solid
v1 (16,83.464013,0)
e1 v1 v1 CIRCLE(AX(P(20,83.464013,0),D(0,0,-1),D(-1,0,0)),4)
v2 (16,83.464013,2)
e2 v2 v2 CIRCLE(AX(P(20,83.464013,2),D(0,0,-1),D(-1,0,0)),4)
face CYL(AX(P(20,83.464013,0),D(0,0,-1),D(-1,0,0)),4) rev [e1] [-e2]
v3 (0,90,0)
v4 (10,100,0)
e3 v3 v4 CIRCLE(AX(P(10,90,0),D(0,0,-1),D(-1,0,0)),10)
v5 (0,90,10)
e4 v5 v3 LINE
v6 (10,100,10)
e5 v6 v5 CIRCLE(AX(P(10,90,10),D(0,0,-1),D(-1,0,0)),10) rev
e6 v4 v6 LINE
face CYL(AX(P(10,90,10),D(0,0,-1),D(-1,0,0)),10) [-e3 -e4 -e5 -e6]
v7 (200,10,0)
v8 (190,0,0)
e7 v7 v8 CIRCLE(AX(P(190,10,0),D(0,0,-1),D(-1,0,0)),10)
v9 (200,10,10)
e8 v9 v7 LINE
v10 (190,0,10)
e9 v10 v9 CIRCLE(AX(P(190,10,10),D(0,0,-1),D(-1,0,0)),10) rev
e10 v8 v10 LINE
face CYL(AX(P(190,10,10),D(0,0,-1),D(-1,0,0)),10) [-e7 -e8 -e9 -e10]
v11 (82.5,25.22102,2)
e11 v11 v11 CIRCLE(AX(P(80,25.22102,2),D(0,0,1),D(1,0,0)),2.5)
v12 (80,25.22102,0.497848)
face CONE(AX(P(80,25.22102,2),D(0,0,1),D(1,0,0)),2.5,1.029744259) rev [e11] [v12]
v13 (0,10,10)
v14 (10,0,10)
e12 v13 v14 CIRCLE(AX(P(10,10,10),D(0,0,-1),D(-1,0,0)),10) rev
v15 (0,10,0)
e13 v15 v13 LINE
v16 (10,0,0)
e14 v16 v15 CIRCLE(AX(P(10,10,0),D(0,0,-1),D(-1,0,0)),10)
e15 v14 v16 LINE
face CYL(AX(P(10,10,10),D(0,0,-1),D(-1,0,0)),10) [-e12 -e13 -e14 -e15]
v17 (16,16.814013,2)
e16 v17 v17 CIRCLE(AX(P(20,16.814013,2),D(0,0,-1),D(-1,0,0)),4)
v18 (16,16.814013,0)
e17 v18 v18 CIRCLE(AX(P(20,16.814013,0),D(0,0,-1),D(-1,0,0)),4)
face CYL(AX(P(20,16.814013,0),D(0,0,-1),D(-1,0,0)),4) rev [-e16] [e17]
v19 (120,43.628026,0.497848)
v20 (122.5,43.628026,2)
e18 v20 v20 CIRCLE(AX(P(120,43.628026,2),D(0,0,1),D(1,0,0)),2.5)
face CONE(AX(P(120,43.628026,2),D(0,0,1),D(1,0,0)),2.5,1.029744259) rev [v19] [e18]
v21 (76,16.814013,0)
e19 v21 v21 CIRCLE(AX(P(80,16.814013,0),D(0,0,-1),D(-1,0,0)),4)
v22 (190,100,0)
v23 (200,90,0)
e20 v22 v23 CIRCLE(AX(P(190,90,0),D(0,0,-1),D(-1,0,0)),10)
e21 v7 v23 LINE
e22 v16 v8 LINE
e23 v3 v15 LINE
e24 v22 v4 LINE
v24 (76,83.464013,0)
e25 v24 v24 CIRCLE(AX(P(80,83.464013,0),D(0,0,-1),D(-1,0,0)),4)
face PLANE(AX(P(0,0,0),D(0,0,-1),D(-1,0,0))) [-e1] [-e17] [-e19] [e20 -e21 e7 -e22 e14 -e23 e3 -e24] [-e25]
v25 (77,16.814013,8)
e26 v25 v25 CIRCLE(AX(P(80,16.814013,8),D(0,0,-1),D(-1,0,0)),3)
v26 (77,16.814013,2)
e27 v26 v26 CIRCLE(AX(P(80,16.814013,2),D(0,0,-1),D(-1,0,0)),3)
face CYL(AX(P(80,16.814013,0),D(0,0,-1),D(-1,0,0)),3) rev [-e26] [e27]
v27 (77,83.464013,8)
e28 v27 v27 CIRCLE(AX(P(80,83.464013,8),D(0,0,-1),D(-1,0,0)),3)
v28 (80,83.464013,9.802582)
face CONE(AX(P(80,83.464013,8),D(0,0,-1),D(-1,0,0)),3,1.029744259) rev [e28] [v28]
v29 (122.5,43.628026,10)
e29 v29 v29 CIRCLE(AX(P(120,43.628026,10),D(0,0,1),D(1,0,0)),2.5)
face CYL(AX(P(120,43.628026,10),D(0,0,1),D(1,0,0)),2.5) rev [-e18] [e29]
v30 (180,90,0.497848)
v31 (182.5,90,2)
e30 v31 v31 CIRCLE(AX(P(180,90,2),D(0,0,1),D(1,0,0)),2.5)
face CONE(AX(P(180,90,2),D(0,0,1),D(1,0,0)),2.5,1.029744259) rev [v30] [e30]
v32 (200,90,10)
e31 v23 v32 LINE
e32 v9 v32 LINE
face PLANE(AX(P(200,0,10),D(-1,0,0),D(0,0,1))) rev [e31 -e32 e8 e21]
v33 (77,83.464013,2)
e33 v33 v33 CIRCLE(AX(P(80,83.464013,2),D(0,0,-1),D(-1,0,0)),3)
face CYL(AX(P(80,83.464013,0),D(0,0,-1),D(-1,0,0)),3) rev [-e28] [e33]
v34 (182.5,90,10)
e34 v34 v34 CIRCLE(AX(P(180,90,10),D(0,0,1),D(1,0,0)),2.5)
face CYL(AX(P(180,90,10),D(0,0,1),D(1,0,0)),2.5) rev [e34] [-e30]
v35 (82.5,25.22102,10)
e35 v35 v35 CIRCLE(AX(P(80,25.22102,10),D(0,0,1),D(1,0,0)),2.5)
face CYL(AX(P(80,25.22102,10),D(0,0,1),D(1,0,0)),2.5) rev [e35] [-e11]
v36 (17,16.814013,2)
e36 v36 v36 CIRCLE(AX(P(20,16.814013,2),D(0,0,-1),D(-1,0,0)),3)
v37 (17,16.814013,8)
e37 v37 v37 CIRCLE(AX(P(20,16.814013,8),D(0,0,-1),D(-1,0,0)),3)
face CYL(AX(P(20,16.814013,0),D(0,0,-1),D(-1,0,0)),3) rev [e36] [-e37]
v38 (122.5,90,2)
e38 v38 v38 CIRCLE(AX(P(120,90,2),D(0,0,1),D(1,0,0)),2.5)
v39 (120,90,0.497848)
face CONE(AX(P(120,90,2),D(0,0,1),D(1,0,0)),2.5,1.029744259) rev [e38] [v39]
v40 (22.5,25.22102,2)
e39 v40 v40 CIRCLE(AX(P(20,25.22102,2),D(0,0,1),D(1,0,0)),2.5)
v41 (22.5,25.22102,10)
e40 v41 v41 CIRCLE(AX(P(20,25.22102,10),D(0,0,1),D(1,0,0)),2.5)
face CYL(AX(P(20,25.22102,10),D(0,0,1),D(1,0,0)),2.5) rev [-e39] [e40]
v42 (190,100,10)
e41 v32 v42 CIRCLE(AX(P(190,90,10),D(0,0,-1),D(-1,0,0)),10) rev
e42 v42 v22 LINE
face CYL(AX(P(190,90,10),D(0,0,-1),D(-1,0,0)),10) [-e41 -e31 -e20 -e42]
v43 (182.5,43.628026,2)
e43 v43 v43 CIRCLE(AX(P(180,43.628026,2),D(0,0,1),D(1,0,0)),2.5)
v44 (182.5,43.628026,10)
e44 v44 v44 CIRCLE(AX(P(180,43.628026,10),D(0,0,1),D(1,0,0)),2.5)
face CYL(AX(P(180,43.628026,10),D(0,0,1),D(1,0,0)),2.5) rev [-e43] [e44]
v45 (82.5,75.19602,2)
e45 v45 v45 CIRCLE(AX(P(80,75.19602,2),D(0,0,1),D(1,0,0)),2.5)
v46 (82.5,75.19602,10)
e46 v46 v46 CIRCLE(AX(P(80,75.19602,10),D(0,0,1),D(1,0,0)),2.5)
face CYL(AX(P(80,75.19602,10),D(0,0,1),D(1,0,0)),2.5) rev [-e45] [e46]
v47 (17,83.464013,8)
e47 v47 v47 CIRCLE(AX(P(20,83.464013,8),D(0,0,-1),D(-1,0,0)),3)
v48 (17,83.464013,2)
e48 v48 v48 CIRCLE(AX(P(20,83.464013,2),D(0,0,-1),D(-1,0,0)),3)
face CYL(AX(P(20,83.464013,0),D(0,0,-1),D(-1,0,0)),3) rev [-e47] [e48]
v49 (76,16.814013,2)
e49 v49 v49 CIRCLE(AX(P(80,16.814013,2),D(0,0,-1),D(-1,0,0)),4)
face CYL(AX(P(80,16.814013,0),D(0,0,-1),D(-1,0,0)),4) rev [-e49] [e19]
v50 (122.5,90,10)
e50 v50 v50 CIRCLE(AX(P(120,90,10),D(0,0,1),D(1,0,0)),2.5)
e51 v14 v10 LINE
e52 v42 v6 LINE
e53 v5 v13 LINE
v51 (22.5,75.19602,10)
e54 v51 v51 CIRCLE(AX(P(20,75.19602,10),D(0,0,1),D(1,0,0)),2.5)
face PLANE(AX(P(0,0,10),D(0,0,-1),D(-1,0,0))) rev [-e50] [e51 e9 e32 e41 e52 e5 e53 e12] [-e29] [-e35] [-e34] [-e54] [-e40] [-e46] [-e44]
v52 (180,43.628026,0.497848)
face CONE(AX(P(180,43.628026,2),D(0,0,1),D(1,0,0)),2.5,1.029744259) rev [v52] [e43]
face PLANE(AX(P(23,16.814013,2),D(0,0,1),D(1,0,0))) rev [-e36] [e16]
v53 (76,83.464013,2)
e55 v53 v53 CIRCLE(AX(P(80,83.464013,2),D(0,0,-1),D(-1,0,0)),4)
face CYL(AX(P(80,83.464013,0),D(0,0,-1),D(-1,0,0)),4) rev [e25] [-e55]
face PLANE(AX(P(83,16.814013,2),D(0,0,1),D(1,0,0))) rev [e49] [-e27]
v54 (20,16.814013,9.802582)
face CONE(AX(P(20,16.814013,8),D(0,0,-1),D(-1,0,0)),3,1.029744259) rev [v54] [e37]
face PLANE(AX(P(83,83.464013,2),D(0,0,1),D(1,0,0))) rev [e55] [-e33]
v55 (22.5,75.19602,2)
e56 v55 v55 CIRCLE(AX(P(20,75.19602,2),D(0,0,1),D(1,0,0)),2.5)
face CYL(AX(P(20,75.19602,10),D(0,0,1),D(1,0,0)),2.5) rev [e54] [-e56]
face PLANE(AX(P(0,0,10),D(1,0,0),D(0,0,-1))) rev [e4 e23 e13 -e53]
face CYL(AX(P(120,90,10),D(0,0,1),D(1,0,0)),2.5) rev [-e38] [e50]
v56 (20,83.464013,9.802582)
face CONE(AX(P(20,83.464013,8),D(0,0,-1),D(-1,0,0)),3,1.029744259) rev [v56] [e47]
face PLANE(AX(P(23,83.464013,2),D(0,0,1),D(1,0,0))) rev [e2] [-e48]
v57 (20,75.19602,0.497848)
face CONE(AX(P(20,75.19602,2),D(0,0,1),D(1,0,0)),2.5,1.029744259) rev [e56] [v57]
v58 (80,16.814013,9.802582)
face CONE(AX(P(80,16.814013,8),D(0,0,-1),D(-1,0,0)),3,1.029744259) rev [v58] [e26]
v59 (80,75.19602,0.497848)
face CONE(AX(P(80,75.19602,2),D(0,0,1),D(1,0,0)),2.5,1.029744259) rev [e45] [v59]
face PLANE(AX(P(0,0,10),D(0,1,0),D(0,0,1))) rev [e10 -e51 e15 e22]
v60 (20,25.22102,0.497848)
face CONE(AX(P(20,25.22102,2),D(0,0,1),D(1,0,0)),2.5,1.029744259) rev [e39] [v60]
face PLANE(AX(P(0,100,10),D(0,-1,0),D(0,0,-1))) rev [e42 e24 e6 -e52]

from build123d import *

# Parameters (mm, degrees)
SKETCH4_W                                     = 200
SKETCH4_H                                     = 100
BOSS_EXTRUDE1_DEPTH                           = 10
CBORE_FOR_M6_HEX_HEAD_CAP_SCREW7_D            = 6
CBORE_FOR_M6_HEX_HEAD_CAP_SCREW7_DEPTH        = 8
CBORE_FOR_M6_HEX_HEAD_CAP_SCREW7_CBORE_D      = 8
CBORE_FOR_M6_HEX_HEAD_CAP_SCREW7_CBORE_DEPTH  = 2
CBORE_FOR_M6_HEX_HEAD_CAP_SCREW7_TIP          = 1.802581857
CBORE_FOR_M6_HEX_HEAD_CAP_SCREW8_D            = 6
CBORE_FOR_M6_HEX_HEAD_CAP_SCREW8_DEPTH        = 8
CBORE_FOR_M6_HEX_HEAD_CAP_SCREW8_CBORE_D      = 8
CBORE_FOR_M6_HEX_HEAD_CAP_SCREW8_CBORE_DEPTH  = 2
CBORE_FOR_M6_HEX_HEAD_CAP_SCREW8_TIP          = 1.802581857
CBORE_FOR_M6_HEX_HEAD_CAP_SCREW9_D            = 6
CBORE_FOR_M6_HEX_HEAD_CAP_SCREW9_DEPTH        = 8
CBORE_FOR_M6_HEX_HEAD_CAP_SCREW9_CBORE_D      = 8
CBORE_FOR_M6_HEX_HEAD_CAP_SCREW9_CBORE_DEPTH  = 2
CBORE_FOR_M6_HEX_HEAD_CAP_SCREW9_TIP          = 1.802581857
CBORE_FOR_M6_HEX_HEAD_CAP_SCREW10_D           = 6
CBORE_FOR_M6_HEX_HEAD_CAP_SCREW10_DEPTH       = 8
CBORE_FOR_M6_HEX_HEAD_CAP_SCREW10_CBORE_D     = 8
CBORE_FOR_M6_HEX_HEAD_CAP_SCREW10_CBORE_DEPTH = 2
CBORE_FOR_M6_HEX_HEAD_CAP_SCREW10_TIP         = 1.802581857
F_1_0_1_DIAMETER_HOLE7_D                      = 5
F_1_0_1_DIAMETER_HOLE7_DEPTH                  = 8
F_1_0_1_DIAMETER_HOLE7_TIP                    = 1.502151548
F_1_0_1_DIAMETER_HOLE8_D                      = 5
F_1_0_1_DIAMETER_HOLE8_DEPTH                  = 8
F_1_0_1_DIAMETER_HOLE8_TIP                    = 1.502151548
F_1_0_1_DIAMETER_HOLE9_D                      = 5
F_1_0_1_DIAMETER_HOLE9_DEPTH                  = 8
F_1_0_1_DIAMETER_HOLE9_TIP                    = 1.502151548
F_1_0_1_DIAMETER_HOLE10_D                     = 5
F_1_0_1_DIAMETER_HOLE10_DEPTH                 = 8
F_1_0_1_DIAMETER_HOLE10_TIP                   = 1.502151548
F_5_0_5_DIAMETER_HOLE1_D                      = 5
F_5_0_5_DIAMETER_HOLE1_DEPTH                  = 8
F_5_0_5_DIAMETER_HOLE1_TIP                    = 1.502151548
F_5_0_5_DIAMETER_HOLE2_D                      = 5
F_5_0_5_DIAMETER_HOLE2_DEPTH                  = 8
F_5_0_5_DIAMETER_HOLE2_TIP                    = 1.502151548
F_5_0_5_DIAMETER_HOLE3_D                      = 5
F_5_0_5_DIAMETER_HOLE3_DEPTH                  = 8
F_5_0_5_DIAMETER_HOLE3_TIP                    = 1.502151548
F_5_0_5_DIAMETER_HOLE5_D                      = 5
F_5_0_5_DIAMETER_HOLE5_DEPTH                  = 8
F_5_0_5_DIAMETER_HOLE5_TIP                    = 1.502151548
FILLET1_R                                     = 10
FILLET2_R                                     = 10
FILLET3_R                                     = 10
FILLET4_R                                     = 10
CBORE_FOR_M6_HEX_HEAD_CAP_SCREW3_D            = 6
CBORE_FOR_M6_HEX_HEAD_CAP_SCREW3_DEPTH        = 8
CBORE_FOR_M6_HEX_HEAD_CAP_SCREW3_CBORE_D      = 8
CBORE_FOR_M6_HEX_HEAD_CAP_SCREW3_CBORE_DEPTH  = 2
CBORE_FOR_M6_HEX_HEAD_CAP_SCREW3_TIP          = 1.802581857
CBORE_FOR_M6_HEX_HEAD_CAP_SCREW4_D            = 6
CBORE_FOR_M6_HEX_HEAD_CAP_SCREW4_DEPTH        = 8
CBORE_FOR_M6_HEX_HEAD_CAP_SCREW4_CBORE_D      = 8
CBORE_FOR_M6_HEX_HEAD_CAP_SCREW4_CBORE_DEPTH  = 2
CBORE_FOR_M6_HEX_HEAD_CAP_SCREW4_TIP          = 1.802581857
CBORE_FOR_M6_HEX_HEAD_CAP_SCREW6_D            = 6
CBORE_FOR_M6_HEX_HEAD_CAP_SCREW6_DEPTH        = 8
CBORE_FOR_M6_HEX_HEAD_CAP_SCREW6_CBORE_D      = 8
CBORE_FOR_M6_HEX_HEAD_CAP_SCREW6_CBORE_DEPTH  = 2
CBORE_FOR_M6_HEX_HEAD_CAP_SCREW6_TIP          = 1.802581857


with BuildPart() as part:
    # Sketch4 → Boss-Extrude1 (new body)
    with BuildSketch(Plane.XY):
        with Locations((100, 50)):
            Rectangle(SKETCH4_W, SKETCH4_H)
    extrude(amount=BOSS_EXTRUDE1_DEPTH)

    # CBORE for M6 Hex Head Cap Screw7
    with Locations(Plane(origin=(0, 0, 0), x_dir=(-1, 0, 0), z_dir=(0, 0, -1))):
        with Locations((-80, 83.464013217)):
            CounterBoreHole(CBORE_FOR_M6_HEX_HEAD_CAP_SCREW7_D / 2, CBORE_FOR_M6_HEX_HEAD_CAP_SCREW7_CBORE_D / 2, CBORE_FOR_M6_HEX_HEAD_CAP_SCREW7_CBORE_DEPTH, depth=CBORE_FOR_M6_HEX_HEAD_CAP_SCREW7_DEPTH)
            with Locations((0, 0, -(CBORE_FOR_M6_HEX_HEAD_CAP_SCREW7_DEPTH + CBORE_FOR_M6_HEX_HEAD_CAP_SCREW7_TIP / 2))):  # 118° drill point
                Cone(0, CBORE_FOR_M6_HEX_HEAD_CAP_SCREW7_D / 2, CBORE_FOR_M6_HEX_HEAD_CAP_SCREW7_TIP, mode=Mode.SUBTRACT)

    # CBORE for M6 Hex Head Cap Screw8
    with Locations(Plane(origin=(0, 0, 0), x_dir=(-1, 0, 0), z_dir=(0, 0, -1))):
        with Locations((-20, 83.464013217)):
            CounterBoreHole(CBORE_FOR_M6_HEX_HEAD_CAP_SCREW8_D / 2, CBORE_FOR_M6_HEX_HEAD_CAP_SCREW8_CBORE_D / 2, CBORE_FOR_M6_HEX_HEAD_CAP_SCREW8_CBORE_DEPTH, depth=CBORE_FOR_M6_HEX_HEAD_CAP_SCREW8_DEPTH)
            with Locations((0, 0, -(CBORE_FOR_M6_HEX_HEAD_CAP_SCREW8_DEPTH + CBORE_FOR_M6_HEX_HEAD_CAP_SCREW8_TIP / 2))):  # 118° drill point
                Cone(0, CBORE_FOR_M6_HEX_HEAD_CAP_SCREW8_D / 2, CBORE_FOR_M6_HEX_HEAD_CAP_SCREW8_TIP, mode=Mode.SUBTRACT)

    # CBORE for M6 Hex Head Cap Screw9
    with Locations(Plane(origin=(0, 0, 0), x_dir=(-1, 0, 0), z_dir=(0, 0, -1))):
        with Locations((-20, 16.814013217)):
            CounterBoreHole(CBORE_FOR_M6_HEX_HEAD_CAP_SCREW9_D / 2, CBORE_FOR_M6_HEX_HEAD_CAP_SCREW9_CBORE_D / 2, CBORE_FOR_M6_HEX_HEAD_CAP_SCREW9_CBORE_DEPTH, depth=CBORE_FOR_M6_HEX_HEAD_CAP_SCREW9_DEPTH)
            with Locations((0, 0, -(CBORE_FOR_M6_HEX_HEAD_CAP_SCREW9_DEPTH + CBORE_FOR_M6_HEX_HEAD_CAP_SCREW9_TIP / 2))):  # 118° drill point
                Cone(0, CBORE_FOR_M6_HEX_HEAD_CAP_SCREW9_D / 2, CBORE_FOR_M6_HEX_HEAD_CAP_SCREW9_TIP, mode=Mode.SUBTRACT)

    # CBORE for M6 Hex Head Cap Screw10
    with Locations(Plane(origin=(0, 0, 0), x_dir=(-1, 0, 0), z_dir=(0, 0, -1))):
        with Locations((-80, 16.814013217)):
            CounterBoreHole(CBORE_FOR_M6_HEX_HEAD_CAP_SCREW10_D / 2, CBORE_FOR_M6_HEX_HEAD_CAP_SCREW10_CBORE_D / 2, CBORE_FOR_M6_HEX_HEAD_CAP_SCREW10_CBORE_DEPTH, depth=CBORE_FOR_M6_HEX_HEAD_CAP_SCREW10_DEPTH)
            with Locations((0, 0, -(CBORE_FOR_M6_HEX_HEAD_CAP_SCREW10_DEPTH + CBORE_FOR_M6_HEX_HEAD_CAP_SCREW10_TIP / 2))):  # 118° drill point
                Cone(0, CBORE_FOR_M6_HEX_HEAD_CAP_SCREW10_D / 2, CBORE_FOR_M6_HEX_HEAD_CAP_SCREW10_TIP, mode=Mode.SUBTRACT)

    # Ø1.0 (1) Diameter Hole7
    with Locations(Plane.XY.offset(10)):
        with Locations((20, 75.196019825)):
            Hole(F_1_0_1_DIAMETER_HOLE7_D / 2, depth=F_1_0_1_DIAMETER_HOLE7_DEPTH)
            with Locations((0, 0, -(F_1_0_1_DIAMETER_HOLE7_DEPTH + F_1_0_1_DIAMETER_HOLE7_TIP / 2))):  # 118° drill point
                Cone(0, F_1_0_1_DIAMETER_HOLE7_D / 2, F_1_0_1_DIAMETER_HOLE7_TIP, mode=Mode.SUBTRACT)

    # Ø1.0 (1) Diameter Hole8
    with Locations(Plane.XY.offset(10)):
        with Locations((80, 75.196019825)):
            Hole(F_1_0_1_DIAMETER_HOLE8_D / 2, depth=F_1_0_1_DIAMETER_HOLE8_DEPTH)
            with Locations((0, 0, -(F_1_0_1_DIAMETER_HOLE8_DEPTH + F_1_0_1_DIAMETER_HOLE8_TIP / 2))):  # 118° drill point
                Cone(0, F_1_0_1_DIAMETER_HOLE8_D / 2, F_1_0_1_DIAMETER_HOLE8_TIP, mode=Mode.SUBTRACT)

    # Ø1.0 (1) Diameter Hole9
    with Locations(Plane.XY.offset(10)):
        with Locations((20, 25.221019825)):
            Hole(F_1_0_1_DIAMETER_HOLE9_D / 2, depth=F_1_0_1_DIAMETER_HOLE9_DEPTH)
            with Locations((0, 0, -(F_1_0_1_DIAMETER_HOLE9_DEPTH + F_1_0_1_DIAMETER_HOLE9_TIP / 2))):  # 118° drill point
                Cone(0, F_1_0_1_DIAMETER_HOLE9_D / 2, F_1_0_1_DIAMETER_HOLE9_TIP, mode=Mode.SUBTRACT)

    # Ø1.0 (1) Diameter Hole10
    with Locations(Plane.XY.offset(10)):
        with Locations((80, 25.221019825)):
            Hole(F_1_0_1_DIAMETER_HOLE10_D / 2, depth=F_1_0_1_DIAMETER_HOLE10_DEPTH)
            with Locations((0, 0, -(F_1_0_1_DIAMETER_HOLE10_DEPTH + F_1_0_1_DIAMETER_HOLE10_TIP / 2))):  # 118° drill point
                Cone(0, F_1_0_1_DIAMETER_HOLE10_D / 2, F_1_0_1_DIAMETER_HOLE10_TIP, mode=Mode.SUBTRACT)

    # Ø5.0 (5) Diameter Hole1
    with Locations(Plane.XY.offset(10)):
        with Locations((120, 90)):
            Hole(F_5_0_5_DIAMETER_HOLE1_D / 2, depth=F_5_0_5_DIAMETER_HOLE1_DEPTH)
            with Locations((0, 0, -(F_5_0_5_DIAMETER_HOLE1_DEPTH + F_5_0_5_DIAMETER_HOLE1_TIP / 2))):  # 118° drill point
                Cone(0, F_5_0_5_DIAMETER_HOLE1_D / 2, F_5_0_5_DIAMETER_HOLE1_TIP, mode=Mode.SUBTRACT)

    # Ø5.0 (5) Diameter Hole2
    with Locations(Plane.XY.offset(10)):
        with Locations((180, 90)):
            Hole(F_5_0_5_DIAMETER_HOLE2_D / 2, depth=F_5_0_5_DIAMETER_HOLE2_DEPTH)
            with Locations((0, 0, -(F_5_0_5_DIAMETER_HOLE2_DEPTH + F_5_0_5_DIAMETER_HOLE2_TIP / 2))):  # 118° drill point
                Cone(0, F_5_0_5_DIAMETER_HOLE2_D / 2, F_5_0_5_DIAMETER_HOLE2_TIP, mode=Mode.SUBTRACT)

    # Ø5.0 (5) Diameter Hole3
    with Locations(Plane.XY.offset(10)):
        with Locations((120, 43.628026433)):
            Hole(F_5_0_5_DIAMETER_HOLE3_D / 2, depth=F_5_0_5_DIAMETER_HOLE3_DEPTH)
            with Locations((0, 0, -(F_5_0_5_DIAMETER_HOLE3_DEPTH + F_5_0_5_DIAMETER_HOLE3_TIP / 2))):  # 118° drill point
                Cone(0, F_5_0_5_DIAMETER_HOLE3_D / 2, F_5_0_5_DIAMETER_HOLE3_TIP, mode=Mode.SUBTRACT)

    # Ø5.0 (5) Diameter Hole5
    with Locations(Plane.XY.offset(10)):
        with Locations((180, 43.628026433)):
            Hole(F_5_0_5_DIAMETER_HOLE5_D / 2, depth=F_5_0_5_DIAMETER_HOLE5_DEPTH)
            with Locations((0, 0, -(F_5_0_5_DIAMETER_HOLE5_DEPTH + F_5_0_5_DIAMETER_HOLE5_TIP / 2))):  # 118° drill point
                Cone(0, F_5_0_5_DIAMETER_HOLE5_D / 2, F_5_0_5_DIAMETER_HOLE5_TIP, mode=Mode.SUBTRACT)

    # Fillet1
    fillet1_edges = [part.edges().sort_by_distance(p)[0] for p in [
        (0, 100, 5),
    ]]
    fillet(fillet1_edges, radius=FILLET1_R)

    # Fillet2
    fillet2_edges = [part.edges().sort_by_distance(p)[0] for p in [
        (0, 0, 5),
    ]]
    fillet(fillet2_edges, radius=FILLET2_R)

    # Fillet3
    fillet3_edges = [part.edges().sort_by_distance(p)[0] for p in [
        (200, 0, 5),
    ]]
    fillet(fillet3_edges, radius=FILLET3_R)

    # Fillet4
    fillet4_edges = [part.edges().sort_by_distance(p)[0] for p in [
        (200, 100, 5),
    ]]
    fillet(fillet4_edges, radius=FILLET4_R)

    # CBORE for M6 Hex Head Cap Screw3
    with Locations(Plane(origin=(0, 0, 0), x_dir=(-1, 0, 0), z_dir=(0, 0, -1))):
        with Locations((-80, 16.814013217)):
            CounterBoreHole(CBORE_FOR_M6_HEX_HEAD_CAP_SCREW3_D / 2, CBORE_FOR_M6_HEX_HEAD_CAP_SCREW3_CBORE_D / 2, CBORE_FOR_M6_HEX_HEAD_CAP_SCREW3_CBORE_DEPTH, depth=CBORE_FOR_M6_HEX_HEAD_CAP_SCREW3_DEPTH)
            with Locations((0, 0, -(CBORE_FOR_M6_HEX_HEAD_CAP_SCREW3_DEPTH + CBORE_FOR_M6_HEX_HEAD_CAP_SCREW3_TIP / 2))):  # 118° drill point
                Cone(0, CBORE_FOR_M6_HEX_HEAD_CAP_SCREW3_D / 2, CBORE_FOR_M6_HEX_HEAD_CAP_SCREW3_TIP, mode=Mode.SUBTRACT)

    # CBORE for M6 Hex Head Cap Screw4
    with Locations(Plane(origin=(0, 0, 0), x_dir=(-1, 0, 0), z_dir=(0, 0, -1))):
        with Locations((-20, 16.814013217)):
            CounterBoreHole(CBORE_FOR_M6_HEX_HEAD_CAP_SCREW4_D / 2, CBORE_FOR_M6_HEX_HEAD_CAP_SCREW4_CBORE_D / 2, CBORE_FOR_M6_HEX_HEAD_CAP_SCREW4_CBORE_DEPTH, depth=CBORE_FOR_M6_HEX_HEAD_CAP_SCREW4_DEPTH)
            with Locations((0, 0, -(CBORE_FOR_M6_HEX_HEAD_CAP_SCREW4_DEPTH + CBORE_FOR_M6_HEX_HEAD_CAP_SCREW4_TIP / 2))):  # 118° drill point
                Cone(0, CBORE_FOR_M6_HEX_HEAD_CAP_SCREW4_D / 2, CBORE_FOR_M6_HEX_HEAD_CAP_SCREW4_TIP, mode=Mode.SUBTRACT)

    # CBORE for M6 Hex Head Cap Screw6
    with Locations(Plane(origin=(0, 0, 0), x_dir=(-1, 0, 0), z_dir=(0, 0, -1))):
        with Locations((-20, 83.464013217)):
            CounterBoreHole(CBORE_FOR_M6_HEX_HEAD_CAP_SCREW6_D / 2, CBORE_FOR_M6_HEX_HEAD_CAP_SCREW6_CBORE_D / 2, CBORE_FOR_M6_HEX_HEAD_CAP_SCREW6_CBORE_DEPTH, depth=CBORE_FOR_M6_HEX_HEAD_CAP_SCREW6_DEPTH)
            with Locations((0, 0, -(CBORE_FOR_M6_HEX_HEAD_CAP_SCREW6_DEPTH + CBORE_FOR_M6_HEX_HEAD_CAP_SCREW6_TIP / 2))):  # 118° drill point
                Cone(0, CBORE_FOR_M6_HEX_HEAD_CAP_SCREW6_D / 2, CBORE_FOR_M6_HEX_HEAD_CAP_SCREW6_TIP, mode=Mode.SUBTRACT)


solid = part.part
